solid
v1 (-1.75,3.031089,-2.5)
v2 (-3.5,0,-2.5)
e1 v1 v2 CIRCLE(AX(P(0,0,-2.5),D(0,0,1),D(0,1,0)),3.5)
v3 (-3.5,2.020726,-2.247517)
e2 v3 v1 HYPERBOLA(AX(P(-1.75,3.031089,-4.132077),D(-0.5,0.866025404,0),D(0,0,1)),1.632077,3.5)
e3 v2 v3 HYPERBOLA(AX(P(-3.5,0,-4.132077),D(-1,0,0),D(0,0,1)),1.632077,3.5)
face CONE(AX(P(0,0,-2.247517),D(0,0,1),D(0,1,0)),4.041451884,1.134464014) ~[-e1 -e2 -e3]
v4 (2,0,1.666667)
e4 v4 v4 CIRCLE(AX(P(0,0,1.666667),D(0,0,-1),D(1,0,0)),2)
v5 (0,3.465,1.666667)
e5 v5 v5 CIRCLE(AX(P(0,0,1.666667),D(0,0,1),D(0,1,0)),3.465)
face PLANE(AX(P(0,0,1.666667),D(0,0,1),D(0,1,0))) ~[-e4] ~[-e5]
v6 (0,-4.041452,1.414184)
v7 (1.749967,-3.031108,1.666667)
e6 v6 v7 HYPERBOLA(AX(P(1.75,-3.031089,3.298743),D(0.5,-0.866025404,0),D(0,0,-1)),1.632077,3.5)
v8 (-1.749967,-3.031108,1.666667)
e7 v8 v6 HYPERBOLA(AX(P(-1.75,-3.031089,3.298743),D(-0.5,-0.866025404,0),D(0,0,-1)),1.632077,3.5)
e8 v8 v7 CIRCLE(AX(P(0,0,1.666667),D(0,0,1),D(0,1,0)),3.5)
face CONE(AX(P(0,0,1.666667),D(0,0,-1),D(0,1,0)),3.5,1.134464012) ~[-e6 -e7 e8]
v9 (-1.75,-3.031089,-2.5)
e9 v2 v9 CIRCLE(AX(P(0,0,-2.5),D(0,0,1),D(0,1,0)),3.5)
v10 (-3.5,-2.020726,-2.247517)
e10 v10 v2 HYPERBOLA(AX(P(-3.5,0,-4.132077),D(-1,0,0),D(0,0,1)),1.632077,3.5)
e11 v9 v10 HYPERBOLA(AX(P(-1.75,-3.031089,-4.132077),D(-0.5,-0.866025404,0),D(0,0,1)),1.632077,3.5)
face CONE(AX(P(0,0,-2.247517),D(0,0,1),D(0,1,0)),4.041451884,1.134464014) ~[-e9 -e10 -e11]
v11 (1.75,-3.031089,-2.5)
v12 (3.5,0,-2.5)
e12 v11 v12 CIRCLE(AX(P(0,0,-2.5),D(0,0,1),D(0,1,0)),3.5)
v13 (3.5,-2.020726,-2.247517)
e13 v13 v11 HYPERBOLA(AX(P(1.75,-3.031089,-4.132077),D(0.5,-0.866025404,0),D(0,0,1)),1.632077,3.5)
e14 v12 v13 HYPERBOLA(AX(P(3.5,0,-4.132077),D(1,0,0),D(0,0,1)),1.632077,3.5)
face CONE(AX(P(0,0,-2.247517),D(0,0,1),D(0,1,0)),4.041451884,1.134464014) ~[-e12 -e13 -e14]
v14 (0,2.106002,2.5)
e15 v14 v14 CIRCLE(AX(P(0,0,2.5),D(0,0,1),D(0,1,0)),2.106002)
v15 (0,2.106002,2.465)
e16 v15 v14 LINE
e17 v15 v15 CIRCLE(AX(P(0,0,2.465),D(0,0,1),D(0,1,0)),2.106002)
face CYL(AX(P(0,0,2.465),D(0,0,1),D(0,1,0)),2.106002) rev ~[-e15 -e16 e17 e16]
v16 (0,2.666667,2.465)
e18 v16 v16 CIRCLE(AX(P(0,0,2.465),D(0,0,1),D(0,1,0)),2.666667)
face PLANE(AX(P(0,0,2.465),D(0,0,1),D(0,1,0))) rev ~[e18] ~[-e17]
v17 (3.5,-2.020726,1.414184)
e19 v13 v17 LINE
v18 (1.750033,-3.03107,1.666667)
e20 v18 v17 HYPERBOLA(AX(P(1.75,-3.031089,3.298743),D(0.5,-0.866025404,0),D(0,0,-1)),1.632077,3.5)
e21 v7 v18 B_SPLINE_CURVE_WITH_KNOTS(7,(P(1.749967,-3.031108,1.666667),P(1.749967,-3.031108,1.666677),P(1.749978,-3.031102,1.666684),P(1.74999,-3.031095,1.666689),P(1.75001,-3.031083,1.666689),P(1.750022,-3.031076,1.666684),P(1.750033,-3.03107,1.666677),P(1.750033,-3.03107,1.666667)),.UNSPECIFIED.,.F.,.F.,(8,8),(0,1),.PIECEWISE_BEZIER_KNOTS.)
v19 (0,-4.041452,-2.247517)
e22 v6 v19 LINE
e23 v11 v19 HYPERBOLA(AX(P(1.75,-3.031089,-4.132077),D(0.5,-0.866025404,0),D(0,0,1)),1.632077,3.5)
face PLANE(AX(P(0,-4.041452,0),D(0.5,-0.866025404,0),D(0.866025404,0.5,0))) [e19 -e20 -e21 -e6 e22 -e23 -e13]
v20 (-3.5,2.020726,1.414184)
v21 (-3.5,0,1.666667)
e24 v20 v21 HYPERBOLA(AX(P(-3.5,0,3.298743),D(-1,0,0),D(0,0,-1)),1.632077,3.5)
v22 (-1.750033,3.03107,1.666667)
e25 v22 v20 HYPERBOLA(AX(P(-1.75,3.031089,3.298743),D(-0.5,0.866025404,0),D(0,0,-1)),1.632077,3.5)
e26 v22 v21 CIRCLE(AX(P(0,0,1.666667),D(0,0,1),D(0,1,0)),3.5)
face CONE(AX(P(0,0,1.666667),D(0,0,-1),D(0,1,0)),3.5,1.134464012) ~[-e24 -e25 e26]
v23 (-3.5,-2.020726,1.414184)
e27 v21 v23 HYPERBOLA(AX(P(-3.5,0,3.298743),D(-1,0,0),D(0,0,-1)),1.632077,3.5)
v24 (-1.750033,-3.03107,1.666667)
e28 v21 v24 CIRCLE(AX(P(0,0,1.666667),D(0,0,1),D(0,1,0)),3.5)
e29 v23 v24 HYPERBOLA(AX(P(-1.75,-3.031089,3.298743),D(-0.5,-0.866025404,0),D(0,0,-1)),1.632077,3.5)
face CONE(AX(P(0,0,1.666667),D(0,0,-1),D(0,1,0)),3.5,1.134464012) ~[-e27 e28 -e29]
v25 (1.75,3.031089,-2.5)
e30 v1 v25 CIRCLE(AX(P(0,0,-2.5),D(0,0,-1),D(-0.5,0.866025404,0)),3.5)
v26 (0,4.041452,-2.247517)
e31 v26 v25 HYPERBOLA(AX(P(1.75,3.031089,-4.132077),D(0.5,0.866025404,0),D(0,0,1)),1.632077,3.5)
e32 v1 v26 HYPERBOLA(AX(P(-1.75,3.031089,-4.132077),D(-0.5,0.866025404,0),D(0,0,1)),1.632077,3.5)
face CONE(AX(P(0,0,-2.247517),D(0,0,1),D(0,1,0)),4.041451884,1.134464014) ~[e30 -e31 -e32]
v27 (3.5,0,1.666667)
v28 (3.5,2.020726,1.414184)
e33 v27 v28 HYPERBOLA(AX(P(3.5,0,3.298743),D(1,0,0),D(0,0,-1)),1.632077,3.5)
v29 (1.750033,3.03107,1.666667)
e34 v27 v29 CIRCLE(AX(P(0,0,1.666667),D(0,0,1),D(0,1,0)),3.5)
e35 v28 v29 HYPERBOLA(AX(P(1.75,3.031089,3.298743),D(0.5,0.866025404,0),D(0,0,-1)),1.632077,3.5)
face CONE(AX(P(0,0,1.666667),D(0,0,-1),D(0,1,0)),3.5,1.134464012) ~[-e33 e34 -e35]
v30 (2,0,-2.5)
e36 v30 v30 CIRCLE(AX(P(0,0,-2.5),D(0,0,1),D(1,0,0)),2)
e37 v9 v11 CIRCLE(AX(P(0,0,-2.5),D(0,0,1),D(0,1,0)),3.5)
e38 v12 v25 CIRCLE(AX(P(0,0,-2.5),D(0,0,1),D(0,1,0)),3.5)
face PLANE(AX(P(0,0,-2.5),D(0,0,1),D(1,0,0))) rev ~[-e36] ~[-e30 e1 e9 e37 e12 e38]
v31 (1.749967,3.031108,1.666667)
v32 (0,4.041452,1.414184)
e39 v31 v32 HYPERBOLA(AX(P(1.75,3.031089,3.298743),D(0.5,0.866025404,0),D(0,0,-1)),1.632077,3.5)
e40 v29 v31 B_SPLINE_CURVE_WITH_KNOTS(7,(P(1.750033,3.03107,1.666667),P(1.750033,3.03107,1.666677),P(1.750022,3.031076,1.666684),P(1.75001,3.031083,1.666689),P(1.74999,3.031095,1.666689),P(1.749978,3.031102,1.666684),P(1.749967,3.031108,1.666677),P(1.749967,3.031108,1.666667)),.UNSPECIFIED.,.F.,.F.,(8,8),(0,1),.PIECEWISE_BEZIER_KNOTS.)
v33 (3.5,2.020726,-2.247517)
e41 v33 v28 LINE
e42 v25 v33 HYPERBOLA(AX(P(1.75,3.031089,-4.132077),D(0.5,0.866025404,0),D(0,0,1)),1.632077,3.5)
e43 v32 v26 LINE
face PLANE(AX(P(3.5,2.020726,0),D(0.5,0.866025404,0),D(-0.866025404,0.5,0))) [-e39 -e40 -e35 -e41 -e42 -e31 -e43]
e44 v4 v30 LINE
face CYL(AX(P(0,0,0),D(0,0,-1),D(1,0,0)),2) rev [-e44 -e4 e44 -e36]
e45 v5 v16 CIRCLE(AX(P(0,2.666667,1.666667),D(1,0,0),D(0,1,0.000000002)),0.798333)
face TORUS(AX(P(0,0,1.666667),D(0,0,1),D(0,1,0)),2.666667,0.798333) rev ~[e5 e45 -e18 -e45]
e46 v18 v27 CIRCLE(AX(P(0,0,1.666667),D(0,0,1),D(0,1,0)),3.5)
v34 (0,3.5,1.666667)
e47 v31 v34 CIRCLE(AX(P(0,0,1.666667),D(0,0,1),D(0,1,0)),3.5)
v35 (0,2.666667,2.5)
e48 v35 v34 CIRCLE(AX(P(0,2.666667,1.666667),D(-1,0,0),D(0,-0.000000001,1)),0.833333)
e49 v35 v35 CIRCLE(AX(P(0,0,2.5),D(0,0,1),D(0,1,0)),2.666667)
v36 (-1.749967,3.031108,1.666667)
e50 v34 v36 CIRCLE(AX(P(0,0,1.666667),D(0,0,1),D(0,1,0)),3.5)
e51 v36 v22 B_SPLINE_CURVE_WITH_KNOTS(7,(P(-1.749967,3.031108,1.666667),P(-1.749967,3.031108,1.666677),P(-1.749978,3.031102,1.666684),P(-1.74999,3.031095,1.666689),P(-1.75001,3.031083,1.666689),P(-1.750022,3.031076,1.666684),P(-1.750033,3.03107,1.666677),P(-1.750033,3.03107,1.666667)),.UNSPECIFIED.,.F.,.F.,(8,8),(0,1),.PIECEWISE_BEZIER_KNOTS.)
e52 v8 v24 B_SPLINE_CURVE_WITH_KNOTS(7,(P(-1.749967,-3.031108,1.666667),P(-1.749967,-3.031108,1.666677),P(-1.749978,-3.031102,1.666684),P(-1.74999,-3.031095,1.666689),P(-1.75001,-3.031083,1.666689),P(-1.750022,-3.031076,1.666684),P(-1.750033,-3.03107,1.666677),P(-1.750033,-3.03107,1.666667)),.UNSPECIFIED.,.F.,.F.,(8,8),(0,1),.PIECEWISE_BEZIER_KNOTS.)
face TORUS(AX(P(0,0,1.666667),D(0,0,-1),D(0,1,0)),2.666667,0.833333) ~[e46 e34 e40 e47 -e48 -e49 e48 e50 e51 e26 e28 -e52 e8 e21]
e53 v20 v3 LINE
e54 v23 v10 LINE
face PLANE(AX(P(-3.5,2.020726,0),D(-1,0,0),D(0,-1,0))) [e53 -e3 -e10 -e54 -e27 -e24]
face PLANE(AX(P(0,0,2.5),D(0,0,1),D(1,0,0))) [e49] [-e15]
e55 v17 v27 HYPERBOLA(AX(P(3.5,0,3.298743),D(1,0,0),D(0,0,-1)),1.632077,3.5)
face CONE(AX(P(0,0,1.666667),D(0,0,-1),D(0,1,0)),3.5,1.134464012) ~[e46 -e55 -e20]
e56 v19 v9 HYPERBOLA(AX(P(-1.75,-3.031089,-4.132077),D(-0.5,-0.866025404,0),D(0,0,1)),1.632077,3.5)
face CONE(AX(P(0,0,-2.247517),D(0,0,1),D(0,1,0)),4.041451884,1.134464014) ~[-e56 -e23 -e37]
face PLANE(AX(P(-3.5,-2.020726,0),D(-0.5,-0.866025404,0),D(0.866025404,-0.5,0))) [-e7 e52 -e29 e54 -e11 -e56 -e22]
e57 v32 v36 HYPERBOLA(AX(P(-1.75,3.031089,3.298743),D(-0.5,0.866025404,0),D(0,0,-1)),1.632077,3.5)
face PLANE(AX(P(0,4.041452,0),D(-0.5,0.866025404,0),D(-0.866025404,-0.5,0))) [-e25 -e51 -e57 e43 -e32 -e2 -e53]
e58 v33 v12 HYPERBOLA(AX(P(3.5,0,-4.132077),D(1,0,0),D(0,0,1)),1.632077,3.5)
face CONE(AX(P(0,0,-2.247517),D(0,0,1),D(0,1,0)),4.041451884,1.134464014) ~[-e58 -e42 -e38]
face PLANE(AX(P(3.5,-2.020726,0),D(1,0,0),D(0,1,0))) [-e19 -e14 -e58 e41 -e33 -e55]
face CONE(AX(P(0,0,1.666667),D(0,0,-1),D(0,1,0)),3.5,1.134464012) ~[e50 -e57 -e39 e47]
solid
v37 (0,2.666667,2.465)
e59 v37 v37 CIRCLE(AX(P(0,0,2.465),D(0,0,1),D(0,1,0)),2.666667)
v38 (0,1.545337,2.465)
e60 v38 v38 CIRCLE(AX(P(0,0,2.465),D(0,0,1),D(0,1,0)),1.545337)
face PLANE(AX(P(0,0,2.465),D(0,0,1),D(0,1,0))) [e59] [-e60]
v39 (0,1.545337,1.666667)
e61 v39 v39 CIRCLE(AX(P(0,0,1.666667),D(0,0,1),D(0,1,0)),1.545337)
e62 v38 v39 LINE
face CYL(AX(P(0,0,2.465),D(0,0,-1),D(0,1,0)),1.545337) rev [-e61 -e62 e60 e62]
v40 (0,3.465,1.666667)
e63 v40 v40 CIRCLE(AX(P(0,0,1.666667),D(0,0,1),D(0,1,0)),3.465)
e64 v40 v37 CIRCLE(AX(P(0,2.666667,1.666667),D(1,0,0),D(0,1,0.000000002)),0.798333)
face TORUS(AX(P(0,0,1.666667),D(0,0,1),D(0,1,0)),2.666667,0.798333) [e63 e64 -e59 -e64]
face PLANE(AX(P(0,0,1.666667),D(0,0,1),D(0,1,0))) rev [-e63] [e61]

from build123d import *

# Parameters (mm, degrees)
SKETCH3_R           = 2
BOSS_EXTRUDE1_DEPTH = 2.5


with BuildPart() as part:
    # Sketch3 → Boss-Extrude1 (new body, symmetric)
    with BuildSketch(Plane.XY):
        Polygon((0, -4.041451884), (3.5, -2.020725942), (3.5, 2.020725942), (0, 4.041451884), (-3.5, 2.020725942), (-3.5, -2.020725942), align=None)
        Circle(SKETCH3_R, mode=Mode.SUBTRACT)
    extrude(amount=BOSS_EXTRUDE1_DEPTH, both=True)

    # Sketch4 → Cut-Revolve1 (revolve, cut)
    with BuildSketch(Plane(origin=(0, 0, 0), x_dir=(0, 0, -1), z_dir=(1, 0, 0))):
        with BuildLine():
            Line((3.77, 5.311451884), (-3.77, 5.311451884))
            Line((-3.77, 5.311451884), (-3.77, 2.666666667))
            Line((-3.77, 2.666666667), (-2.5, 2.666666667))
            ThreePointArc((-2.5, 2.666666667), (-2.255922318, 3.255922318), (-1.666666667, 3.5))
            Line((-1.666666667, 3.5), (-1.414183506, 4.041451884))
            Line((-1.414183506, 4.041451884), (2.24751684, 4.041451884))
            Line((2.24751684, 4.041451884), (2.5, 3.5))
            Line((2.5, 3.5), (2.5, 0))
            Line((2.5, 0), (3.77, 0))
            Line((3.77, 0), (3.77, 5.311451884))
        make_face()
        with BuildLine():
            Line((-3.77, 2.106001665), (-3.77, 0))
            Line((-3.77, 0), (-1.666666667, 0))
            Line((-1.666666667, 0), (-1.666666667, 3.465))
            ThreePointArc((-1.666666667, 3.465), (-2.23117358, 3.23117358), (-2.465, 2.666666667))
            Line((-2.465, 2.666666667), (-2.465, 2.106001665))
            Line((-2.465, 2.106001665), (-3.77, 2.106001665))
        make_face()
    revolve(axis=Axis((0, 0, -2.5), (0, 0, 1)), mode=Mode.SUBTRACT)


with BuildPart() as body_2:
    # Sketch5 → Revolve1 (revolve)
    with BuildSketch(Plane(origin=(0, 0, 0), x_dir=(0, 0, -1), z_dir=(1, 0, 0))):
        with BuildLine():
            Line((-2.465, 2.666666667), (-2.465, 1.545336663))
            Line((-2.465, 1.545336663), (-1.666666667, 1.545336663))
            Line((-1.666666667, 1.545336663), (-1.666666667, 3.465))
            ThreePointArc((-1.666666667, 3.465), (-2.23117358, 3.23117358), (-2.465, 2.666666667))
        make_face()
    revolve(axis=Axis((0, 0, -2.5), (0, 0, 1)))


solid = Compound([part.part, body_2.part])
